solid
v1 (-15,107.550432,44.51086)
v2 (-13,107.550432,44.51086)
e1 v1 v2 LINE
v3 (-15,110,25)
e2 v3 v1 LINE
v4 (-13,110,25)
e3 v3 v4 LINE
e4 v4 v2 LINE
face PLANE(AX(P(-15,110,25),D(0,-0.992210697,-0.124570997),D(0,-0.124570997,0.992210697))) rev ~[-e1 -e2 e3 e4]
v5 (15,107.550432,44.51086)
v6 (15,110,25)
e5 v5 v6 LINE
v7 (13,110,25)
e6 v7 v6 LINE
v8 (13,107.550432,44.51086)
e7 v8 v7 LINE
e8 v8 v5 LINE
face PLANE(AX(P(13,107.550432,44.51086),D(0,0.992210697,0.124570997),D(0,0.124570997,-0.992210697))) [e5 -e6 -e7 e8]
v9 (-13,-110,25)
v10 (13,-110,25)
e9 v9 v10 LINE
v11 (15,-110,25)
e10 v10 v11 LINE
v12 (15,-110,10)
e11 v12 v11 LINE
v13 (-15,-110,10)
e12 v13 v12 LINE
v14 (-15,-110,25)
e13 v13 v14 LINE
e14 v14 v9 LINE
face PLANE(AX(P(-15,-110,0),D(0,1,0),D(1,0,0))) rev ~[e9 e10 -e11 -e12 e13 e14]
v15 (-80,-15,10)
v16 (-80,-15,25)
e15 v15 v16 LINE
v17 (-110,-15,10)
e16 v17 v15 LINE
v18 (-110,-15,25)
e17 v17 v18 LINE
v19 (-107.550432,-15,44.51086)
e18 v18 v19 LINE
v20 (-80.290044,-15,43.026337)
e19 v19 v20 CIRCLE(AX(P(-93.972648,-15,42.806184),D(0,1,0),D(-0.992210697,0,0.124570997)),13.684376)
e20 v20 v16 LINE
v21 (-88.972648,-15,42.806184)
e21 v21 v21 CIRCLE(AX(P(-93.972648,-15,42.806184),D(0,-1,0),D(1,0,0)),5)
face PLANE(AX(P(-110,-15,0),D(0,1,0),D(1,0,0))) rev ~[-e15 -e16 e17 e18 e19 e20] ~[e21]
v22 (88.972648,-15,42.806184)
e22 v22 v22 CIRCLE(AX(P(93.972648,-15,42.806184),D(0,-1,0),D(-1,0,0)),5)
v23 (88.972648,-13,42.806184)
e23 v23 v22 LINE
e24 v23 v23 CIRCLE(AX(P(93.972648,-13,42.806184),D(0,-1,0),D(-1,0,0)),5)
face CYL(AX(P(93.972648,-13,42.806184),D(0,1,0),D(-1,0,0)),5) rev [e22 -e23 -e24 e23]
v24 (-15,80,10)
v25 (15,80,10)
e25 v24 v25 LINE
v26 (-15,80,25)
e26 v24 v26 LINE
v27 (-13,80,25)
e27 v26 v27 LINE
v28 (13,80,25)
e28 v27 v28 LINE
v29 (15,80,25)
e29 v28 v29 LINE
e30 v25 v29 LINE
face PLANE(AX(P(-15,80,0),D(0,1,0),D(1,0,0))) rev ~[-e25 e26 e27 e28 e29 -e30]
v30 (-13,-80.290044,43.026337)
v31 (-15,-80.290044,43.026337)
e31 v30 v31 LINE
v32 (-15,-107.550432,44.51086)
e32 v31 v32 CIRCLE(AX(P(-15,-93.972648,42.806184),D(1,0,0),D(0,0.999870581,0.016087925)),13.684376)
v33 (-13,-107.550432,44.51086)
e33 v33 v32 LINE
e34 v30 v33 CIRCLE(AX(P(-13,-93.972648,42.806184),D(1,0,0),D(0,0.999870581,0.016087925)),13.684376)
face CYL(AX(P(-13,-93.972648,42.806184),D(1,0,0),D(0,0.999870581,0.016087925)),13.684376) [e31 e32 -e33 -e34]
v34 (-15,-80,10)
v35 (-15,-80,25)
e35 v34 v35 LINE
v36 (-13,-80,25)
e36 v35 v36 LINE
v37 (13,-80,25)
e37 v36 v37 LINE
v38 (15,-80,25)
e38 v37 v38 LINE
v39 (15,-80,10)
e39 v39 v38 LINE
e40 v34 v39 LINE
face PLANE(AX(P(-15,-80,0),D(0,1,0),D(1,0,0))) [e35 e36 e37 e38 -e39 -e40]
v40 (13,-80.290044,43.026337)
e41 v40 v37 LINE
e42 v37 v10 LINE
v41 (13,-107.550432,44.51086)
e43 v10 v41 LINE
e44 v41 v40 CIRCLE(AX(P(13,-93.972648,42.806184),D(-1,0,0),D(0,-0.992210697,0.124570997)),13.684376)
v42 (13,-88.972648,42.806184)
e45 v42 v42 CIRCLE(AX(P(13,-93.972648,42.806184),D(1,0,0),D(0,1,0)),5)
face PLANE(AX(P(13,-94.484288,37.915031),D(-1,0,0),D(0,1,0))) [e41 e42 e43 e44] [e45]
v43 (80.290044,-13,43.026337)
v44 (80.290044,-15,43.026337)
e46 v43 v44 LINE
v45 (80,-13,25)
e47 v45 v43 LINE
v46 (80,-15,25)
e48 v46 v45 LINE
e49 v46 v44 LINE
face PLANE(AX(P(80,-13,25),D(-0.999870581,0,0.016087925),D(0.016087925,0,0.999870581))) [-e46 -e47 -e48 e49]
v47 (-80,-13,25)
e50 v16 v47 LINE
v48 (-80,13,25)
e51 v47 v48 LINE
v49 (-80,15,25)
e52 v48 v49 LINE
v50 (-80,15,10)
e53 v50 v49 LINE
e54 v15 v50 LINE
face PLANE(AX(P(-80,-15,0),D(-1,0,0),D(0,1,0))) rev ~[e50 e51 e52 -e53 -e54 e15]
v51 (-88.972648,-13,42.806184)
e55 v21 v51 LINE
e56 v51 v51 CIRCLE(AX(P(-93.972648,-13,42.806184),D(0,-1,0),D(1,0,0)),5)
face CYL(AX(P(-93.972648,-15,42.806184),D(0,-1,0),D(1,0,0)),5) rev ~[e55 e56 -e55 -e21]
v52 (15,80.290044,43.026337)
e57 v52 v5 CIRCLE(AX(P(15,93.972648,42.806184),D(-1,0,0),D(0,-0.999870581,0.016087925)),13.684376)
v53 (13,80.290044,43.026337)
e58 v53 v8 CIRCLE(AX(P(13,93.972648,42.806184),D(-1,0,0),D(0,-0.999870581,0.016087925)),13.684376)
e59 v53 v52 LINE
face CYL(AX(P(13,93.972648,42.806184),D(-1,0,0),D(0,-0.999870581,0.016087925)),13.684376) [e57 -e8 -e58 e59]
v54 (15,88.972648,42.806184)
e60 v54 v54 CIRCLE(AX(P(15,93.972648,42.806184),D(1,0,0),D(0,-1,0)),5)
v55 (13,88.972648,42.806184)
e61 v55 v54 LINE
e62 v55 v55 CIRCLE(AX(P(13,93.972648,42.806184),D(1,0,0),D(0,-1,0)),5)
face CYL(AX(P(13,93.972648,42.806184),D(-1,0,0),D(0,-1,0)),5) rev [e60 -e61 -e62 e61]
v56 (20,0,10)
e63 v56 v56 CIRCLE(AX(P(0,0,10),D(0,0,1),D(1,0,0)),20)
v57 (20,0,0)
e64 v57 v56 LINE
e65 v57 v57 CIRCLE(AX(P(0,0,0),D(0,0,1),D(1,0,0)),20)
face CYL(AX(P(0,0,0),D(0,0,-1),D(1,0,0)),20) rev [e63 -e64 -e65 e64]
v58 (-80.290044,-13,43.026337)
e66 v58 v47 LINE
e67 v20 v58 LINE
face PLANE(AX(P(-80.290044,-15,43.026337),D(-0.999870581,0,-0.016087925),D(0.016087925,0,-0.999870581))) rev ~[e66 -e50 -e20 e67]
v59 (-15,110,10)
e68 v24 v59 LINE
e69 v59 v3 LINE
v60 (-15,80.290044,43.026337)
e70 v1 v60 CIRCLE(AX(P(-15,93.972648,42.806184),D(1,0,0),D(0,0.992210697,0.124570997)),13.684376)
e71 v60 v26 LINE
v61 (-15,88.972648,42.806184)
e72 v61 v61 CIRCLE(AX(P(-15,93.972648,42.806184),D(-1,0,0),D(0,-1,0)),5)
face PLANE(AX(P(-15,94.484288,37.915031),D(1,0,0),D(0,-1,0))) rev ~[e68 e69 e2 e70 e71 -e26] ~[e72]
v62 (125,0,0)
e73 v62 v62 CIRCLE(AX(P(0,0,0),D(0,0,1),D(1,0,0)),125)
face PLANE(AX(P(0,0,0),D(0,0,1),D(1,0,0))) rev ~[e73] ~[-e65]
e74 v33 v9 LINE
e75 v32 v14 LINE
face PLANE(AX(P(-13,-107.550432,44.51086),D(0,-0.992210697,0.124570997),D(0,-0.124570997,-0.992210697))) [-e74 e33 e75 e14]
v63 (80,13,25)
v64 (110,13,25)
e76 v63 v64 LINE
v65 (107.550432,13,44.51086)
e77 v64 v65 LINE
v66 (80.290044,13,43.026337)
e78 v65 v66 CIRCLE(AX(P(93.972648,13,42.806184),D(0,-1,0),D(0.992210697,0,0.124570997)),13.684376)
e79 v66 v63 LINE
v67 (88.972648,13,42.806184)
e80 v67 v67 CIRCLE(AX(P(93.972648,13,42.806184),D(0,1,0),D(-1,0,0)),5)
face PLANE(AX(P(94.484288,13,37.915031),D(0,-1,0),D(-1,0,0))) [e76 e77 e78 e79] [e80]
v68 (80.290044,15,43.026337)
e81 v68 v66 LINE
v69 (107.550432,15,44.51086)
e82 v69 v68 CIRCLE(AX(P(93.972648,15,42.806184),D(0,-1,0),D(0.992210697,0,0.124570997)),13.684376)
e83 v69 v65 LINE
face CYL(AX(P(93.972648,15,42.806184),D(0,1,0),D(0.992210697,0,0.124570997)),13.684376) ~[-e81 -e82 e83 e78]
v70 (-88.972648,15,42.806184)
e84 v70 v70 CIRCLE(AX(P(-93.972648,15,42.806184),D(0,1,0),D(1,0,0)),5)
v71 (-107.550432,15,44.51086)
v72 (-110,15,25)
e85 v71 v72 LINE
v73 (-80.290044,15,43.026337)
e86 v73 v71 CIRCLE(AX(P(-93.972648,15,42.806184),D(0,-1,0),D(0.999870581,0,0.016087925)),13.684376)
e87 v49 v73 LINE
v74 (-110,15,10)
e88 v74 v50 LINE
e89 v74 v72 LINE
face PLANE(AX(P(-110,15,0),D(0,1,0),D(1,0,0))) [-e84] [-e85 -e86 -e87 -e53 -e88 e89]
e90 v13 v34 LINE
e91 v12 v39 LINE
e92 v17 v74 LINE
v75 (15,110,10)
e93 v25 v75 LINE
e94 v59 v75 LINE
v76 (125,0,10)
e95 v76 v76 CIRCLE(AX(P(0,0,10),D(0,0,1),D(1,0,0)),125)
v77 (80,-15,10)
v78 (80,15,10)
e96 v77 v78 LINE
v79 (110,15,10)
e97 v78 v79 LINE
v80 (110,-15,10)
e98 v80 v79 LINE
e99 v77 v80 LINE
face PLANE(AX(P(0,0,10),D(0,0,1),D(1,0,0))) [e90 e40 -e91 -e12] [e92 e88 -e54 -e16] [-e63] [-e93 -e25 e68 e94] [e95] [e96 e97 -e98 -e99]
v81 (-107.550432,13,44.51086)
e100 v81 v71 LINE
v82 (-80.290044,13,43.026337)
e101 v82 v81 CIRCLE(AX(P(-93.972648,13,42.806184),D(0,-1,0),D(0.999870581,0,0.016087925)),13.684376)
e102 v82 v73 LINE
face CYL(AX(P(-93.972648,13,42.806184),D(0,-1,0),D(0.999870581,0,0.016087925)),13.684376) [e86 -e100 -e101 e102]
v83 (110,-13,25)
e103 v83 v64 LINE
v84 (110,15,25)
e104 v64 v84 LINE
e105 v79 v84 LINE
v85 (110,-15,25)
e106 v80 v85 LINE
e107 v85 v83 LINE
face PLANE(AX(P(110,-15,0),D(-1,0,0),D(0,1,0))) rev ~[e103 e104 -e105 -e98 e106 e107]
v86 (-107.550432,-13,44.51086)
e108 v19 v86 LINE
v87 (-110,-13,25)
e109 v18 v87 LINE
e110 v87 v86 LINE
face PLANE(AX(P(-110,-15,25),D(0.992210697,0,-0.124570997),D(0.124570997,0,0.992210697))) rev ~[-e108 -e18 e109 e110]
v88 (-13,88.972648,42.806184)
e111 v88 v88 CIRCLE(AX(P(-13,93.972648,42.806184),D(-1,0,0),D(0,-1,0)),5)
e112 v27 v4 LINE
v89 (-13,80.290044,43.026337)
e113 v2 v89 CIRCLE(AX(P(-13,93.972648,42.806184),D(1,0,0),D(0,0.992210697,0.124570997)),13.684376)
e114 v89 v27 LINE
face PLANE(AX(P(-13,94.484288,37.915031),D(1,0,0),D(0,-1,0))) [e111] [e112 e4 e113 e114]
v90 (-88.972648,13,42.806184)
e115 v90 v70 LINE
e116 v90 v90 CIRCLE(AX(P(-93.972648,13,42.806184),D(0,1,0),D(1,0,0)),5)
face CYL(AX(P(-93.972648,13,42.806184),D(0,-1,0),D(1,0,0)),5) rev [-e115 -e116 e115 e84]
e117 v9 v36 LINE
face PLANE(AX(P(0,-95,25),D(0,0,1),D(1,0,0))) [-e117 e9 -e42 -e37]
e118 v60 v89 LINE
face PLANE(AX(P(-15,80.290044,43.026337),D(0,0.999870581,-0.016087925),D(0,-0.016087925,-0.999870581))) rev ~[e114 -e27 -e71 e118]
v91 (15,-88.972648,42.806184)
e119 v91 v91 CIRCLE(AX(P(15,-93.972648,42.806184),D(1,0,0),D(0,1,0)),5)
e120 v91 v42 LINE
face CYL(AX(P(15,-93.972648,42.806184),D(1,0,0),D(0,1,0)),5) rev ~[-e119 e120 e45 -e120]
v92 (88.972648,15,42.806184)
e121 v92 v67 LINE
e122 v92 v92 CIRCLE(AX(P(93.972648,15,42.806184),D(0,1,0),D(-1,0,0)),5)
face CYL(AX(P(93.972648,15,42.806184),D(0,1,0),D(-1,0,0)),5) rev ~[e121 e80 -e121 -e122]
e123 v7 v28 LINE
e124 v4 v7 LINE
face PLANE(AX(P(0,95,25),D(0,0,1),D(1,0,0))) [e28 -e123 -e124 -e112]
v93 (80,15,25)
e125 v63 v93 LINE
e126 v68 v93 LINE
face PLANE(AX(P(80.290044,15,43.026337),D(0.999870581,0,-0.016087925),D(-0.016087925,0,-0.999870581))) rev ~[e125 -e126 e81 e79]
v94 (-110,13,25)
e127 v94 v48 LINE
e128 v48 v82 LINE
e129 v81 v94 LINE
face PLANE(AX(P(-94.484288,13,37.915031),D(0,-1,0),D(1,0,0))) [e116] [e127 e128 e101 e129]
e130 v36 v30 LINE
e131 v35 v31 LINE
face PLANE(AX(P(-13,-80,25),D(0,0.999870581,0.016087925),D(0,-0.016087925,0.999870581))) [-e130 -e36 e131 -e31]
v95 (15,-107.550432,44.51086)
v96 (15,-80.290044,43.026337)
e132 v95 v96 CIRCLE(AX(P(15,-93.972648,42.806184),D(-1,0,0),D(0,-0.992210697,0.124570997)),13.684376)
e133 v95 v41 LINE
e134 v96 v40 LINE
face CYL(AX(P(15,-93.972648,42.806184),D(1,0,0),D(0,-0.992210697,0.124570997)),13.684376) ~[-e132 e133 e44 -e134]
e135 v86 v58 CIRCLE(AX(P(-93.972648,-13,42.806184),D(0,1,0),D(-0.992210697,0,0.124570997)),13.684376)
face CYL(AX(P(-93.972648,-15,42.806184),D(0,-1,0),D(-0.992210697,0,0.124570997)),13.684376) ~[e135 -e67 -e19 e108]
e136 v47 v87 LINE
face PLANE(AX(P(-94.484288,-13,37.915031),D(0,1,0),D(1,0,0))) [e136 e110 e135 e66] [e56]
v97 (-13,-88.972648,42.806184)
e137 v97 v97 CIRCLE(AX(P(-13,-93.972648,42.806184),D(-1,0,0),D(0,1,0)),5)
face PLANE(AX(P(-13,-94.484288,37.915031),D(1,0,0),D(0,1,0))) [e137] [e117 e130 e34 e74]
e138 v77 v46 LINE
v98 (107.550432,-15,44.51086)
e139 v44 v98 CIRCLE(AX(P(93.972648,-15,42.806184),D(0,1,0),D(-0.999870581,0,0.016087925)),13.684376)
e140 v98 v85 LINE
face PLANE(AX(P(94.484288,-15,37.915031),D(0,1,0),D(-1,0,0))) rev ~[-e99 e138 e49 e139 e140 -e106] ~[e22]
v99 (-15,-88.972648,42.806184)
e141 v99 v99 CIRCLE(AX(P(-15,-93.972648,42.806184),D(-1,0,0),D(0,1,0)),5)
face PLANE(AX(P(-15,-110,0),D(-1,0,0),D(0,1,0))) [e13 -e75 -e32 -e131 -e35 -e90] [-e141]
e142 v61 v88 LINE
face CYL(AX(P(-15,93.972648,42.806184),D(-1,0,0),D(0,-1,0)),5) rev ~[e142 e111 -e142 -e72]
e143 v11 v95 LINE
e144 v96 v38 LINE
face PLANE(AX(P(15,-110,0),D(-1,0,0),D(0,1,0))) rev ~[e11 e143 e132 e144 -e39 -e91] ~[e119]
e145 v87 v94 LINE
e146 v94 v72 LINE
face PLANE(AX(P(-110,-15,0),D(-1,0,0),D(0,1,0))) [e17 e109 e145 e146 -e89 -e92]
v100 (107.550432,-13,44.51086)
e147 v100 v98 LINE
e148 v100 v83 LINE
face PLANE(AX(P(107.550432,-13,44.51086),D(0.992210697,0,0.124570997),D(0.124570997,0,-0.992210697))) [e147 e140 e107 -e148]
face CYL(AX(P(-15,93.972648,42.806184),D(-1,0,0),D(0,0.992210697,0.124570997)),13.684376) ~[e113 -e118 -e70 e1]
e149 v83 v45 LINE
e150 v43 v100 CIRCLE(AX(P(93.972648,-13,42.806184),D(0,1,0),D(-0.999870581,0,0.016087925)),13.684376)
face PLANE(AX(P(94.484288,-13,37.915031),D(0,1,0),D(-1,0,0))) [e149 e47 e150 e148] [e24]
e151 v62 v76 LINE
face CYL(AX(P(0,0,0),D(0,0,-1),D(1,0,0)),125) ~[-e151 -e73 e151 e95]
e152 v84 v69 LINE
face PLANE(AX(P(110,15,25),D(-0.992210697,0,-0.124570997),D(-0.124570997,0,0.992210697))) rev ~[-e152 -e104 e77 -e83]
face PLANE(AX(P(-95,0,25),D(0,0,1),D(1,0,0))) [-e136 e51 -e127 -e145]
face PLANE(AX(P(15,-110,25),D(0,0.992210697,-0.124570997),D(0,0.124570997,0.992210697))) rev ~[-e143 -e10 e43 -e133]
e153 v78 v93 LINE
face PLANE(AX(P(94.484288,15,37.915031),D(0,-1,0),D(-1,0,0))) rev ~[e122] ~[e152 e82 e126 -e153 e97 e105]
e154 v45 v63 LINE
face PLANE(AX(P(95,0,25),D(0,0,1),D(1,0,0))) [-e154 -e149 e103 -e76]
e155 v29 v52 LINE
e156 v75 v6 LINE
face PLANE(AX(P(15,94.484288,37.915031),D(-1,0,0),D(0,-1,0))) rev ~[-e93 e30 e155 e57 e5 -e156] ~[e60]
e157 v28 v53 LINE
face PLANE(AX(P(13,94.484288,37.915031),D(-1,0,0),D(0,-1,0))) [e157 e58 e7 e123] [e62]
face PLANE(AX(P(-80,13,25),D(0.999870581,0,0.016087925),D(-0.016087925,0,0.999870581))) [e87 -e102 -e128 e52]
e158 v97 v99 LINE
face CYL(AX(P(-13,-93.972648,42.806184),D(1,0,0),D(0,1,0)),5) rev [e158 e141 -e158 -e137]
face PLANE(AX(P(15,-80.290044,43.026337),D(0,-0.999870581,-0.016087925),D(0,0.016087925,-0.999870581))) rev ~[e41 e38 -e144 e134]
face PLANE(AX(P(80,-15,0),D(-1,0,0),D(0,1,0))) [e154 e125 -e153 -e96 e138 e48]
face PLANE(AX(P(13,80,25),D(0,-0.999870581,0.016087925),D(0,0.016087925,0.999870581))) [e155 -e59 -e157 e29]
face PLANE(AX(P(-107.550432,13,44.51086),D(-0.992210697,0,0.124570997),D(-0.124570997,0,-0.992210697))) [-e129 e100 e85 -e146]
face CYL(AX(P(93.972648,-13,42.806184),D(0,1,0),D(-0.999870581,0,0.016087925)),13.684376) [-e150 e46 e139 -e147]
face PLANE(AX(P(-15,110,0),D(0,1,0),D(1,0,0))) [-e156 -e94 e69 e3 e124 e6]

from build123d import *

# Parameters (mm, degrees)
SKETCH_1_R               = 125
SKETCH_1_W               = 30
SKETCH_1_H               = 30
SKETCH_1_R_2             = 20
EXTRUDE_1_DEPTH          = 10
SKETCH_1_3_W             = 30
SKETCH_1_3_H             = 30
EXTRUDE_2_DEPTH          = 25
SKETCH_7_R               = 5
EXTRUDE_3_DEPTH          = 2
EXTRUDE_START            = -2
SKETCH_4_R               = 5
EXTRUDE_4_DEPTH          = 2
PATTERN_CIRCULAR_1_COUNT = 4


with BuildPart() as part:
    # 草图1 → 凸台-拉伸1 (new body)
    with BuildSketch(Plane.XY):
        Circle(SKETCH_1_R)
        with Locations((0, -95)):
            Rectangle(SKETCH_1_W, SKETCH_1_H, mode=Mode.SUBTRACT)
        Circle(SKETCH_1_R_2, mode=Mode.SUBTRACT)
        with Locations((95, 0)):
            Rectangle(SKETCH_1_W, SKETCH_1_H, mode=Mode.SUBTRACT)
        with Locations((-95, 0)):
            Rectangle(SKETCH_1_W, SKETCH_1_H, mode=Mode.SUBTRACT)
        with Locations((0, 95)):
            Rectangle(SKETCH_1_W, SKETCH_1_H, mode=Mode.SUBTRACT)
    extrude(amount=EXTRUDE_1_DEPTH)

    # 草图1<3> → 凸台-拉伸2 (add)
    with BuildSketch(Plane.XY):
        with Locations((-95, 0)):
            Rectangle(SKETCH_1_3_W, SKETCH_1_3_H)
        with Locations((0, 95)):
            Rectangle(SKETCH_1_3_W, SKETCH_1_3_H)
        with Locations((0, -95)):
            Rectangle(SKETCH_1_3_W, SKETCH_1_3_H)
        with Locations((95, 0)):
            Rectangle(SKETCH_1_3_W, SKETCH_1_3_H)
    extrude(amount=EXTRUDE_2_DEPTH)

    # 草图7 → 凸台-拉伸3 (add)
    with BuildSketch(Plane(origin=(0, 15, 0), x_dir=(1, 0, 0), z_dir=(0, 1, 0))):
        with BuildLine():
            ThreePointArc((80.290043894, -43.026337076), (93.228538873, -56.470313397), (107.550432268, -44.510860179))
            Line((107.550432268, -44.510860179), (110, -25))
            Line((110, -25), (80, -25))
            Line((80, -25), (80.290043894, -43.026337076))
        make_face()
        with Locations((93.972648447, -42.80618387)):
            Circle(SKETCH_7_R, mode=Mode.SUBTRACT)
    extrude_3 = extrude(amount=-EXTRUDE_3_DEPTH)

    # 草图4 → 凸台-拉伸4 (add)
    with BuildSketch(Plane.XZ.offset(15).offset(EXTRUDE_START)):
        with BuildLine():
            Line((110, 25), (107.550432268, 44.510860179))
            ThreePointArc((107.550432268, 44.510860179), (93.228538873, 56.470313397), (80.290043894, 43.026337076))
            Line((80.290043894, 43.026337076), (80, 25))
            Line((80, 25), (110, 25))
        make_face()
        with Locations((93.972648447, 42.80618387)):
            Circle(SKETCH_4_R, mode=Mode.SUBTRACT)
    extrude_4 = extrude(amount=EXTRUDE_4_DEPTH)

    # 阵列(圆周)1: 凸台-拉伸3, 凸台-拉伸4 ×4 about axis
    pattern_circular_1_axis = Axis((0, 0, 10), (0, 0, 1))
    add([extrude_3.rotate(pattern_circular_1_axis, i * 360 / PATTERN_CIRCULAR_1_COUNT) for i in range(1, PATTERN_CIRCULAR_1_COUNT)])
    add([extrude_4.rotate(pattern_circular_1_axis, i * 360 / PATTERN_CIRCULAR_1_COUNT) for i in range(1, PATTERN_CIRCULAR_1_COUNT)])


solid = part.part
